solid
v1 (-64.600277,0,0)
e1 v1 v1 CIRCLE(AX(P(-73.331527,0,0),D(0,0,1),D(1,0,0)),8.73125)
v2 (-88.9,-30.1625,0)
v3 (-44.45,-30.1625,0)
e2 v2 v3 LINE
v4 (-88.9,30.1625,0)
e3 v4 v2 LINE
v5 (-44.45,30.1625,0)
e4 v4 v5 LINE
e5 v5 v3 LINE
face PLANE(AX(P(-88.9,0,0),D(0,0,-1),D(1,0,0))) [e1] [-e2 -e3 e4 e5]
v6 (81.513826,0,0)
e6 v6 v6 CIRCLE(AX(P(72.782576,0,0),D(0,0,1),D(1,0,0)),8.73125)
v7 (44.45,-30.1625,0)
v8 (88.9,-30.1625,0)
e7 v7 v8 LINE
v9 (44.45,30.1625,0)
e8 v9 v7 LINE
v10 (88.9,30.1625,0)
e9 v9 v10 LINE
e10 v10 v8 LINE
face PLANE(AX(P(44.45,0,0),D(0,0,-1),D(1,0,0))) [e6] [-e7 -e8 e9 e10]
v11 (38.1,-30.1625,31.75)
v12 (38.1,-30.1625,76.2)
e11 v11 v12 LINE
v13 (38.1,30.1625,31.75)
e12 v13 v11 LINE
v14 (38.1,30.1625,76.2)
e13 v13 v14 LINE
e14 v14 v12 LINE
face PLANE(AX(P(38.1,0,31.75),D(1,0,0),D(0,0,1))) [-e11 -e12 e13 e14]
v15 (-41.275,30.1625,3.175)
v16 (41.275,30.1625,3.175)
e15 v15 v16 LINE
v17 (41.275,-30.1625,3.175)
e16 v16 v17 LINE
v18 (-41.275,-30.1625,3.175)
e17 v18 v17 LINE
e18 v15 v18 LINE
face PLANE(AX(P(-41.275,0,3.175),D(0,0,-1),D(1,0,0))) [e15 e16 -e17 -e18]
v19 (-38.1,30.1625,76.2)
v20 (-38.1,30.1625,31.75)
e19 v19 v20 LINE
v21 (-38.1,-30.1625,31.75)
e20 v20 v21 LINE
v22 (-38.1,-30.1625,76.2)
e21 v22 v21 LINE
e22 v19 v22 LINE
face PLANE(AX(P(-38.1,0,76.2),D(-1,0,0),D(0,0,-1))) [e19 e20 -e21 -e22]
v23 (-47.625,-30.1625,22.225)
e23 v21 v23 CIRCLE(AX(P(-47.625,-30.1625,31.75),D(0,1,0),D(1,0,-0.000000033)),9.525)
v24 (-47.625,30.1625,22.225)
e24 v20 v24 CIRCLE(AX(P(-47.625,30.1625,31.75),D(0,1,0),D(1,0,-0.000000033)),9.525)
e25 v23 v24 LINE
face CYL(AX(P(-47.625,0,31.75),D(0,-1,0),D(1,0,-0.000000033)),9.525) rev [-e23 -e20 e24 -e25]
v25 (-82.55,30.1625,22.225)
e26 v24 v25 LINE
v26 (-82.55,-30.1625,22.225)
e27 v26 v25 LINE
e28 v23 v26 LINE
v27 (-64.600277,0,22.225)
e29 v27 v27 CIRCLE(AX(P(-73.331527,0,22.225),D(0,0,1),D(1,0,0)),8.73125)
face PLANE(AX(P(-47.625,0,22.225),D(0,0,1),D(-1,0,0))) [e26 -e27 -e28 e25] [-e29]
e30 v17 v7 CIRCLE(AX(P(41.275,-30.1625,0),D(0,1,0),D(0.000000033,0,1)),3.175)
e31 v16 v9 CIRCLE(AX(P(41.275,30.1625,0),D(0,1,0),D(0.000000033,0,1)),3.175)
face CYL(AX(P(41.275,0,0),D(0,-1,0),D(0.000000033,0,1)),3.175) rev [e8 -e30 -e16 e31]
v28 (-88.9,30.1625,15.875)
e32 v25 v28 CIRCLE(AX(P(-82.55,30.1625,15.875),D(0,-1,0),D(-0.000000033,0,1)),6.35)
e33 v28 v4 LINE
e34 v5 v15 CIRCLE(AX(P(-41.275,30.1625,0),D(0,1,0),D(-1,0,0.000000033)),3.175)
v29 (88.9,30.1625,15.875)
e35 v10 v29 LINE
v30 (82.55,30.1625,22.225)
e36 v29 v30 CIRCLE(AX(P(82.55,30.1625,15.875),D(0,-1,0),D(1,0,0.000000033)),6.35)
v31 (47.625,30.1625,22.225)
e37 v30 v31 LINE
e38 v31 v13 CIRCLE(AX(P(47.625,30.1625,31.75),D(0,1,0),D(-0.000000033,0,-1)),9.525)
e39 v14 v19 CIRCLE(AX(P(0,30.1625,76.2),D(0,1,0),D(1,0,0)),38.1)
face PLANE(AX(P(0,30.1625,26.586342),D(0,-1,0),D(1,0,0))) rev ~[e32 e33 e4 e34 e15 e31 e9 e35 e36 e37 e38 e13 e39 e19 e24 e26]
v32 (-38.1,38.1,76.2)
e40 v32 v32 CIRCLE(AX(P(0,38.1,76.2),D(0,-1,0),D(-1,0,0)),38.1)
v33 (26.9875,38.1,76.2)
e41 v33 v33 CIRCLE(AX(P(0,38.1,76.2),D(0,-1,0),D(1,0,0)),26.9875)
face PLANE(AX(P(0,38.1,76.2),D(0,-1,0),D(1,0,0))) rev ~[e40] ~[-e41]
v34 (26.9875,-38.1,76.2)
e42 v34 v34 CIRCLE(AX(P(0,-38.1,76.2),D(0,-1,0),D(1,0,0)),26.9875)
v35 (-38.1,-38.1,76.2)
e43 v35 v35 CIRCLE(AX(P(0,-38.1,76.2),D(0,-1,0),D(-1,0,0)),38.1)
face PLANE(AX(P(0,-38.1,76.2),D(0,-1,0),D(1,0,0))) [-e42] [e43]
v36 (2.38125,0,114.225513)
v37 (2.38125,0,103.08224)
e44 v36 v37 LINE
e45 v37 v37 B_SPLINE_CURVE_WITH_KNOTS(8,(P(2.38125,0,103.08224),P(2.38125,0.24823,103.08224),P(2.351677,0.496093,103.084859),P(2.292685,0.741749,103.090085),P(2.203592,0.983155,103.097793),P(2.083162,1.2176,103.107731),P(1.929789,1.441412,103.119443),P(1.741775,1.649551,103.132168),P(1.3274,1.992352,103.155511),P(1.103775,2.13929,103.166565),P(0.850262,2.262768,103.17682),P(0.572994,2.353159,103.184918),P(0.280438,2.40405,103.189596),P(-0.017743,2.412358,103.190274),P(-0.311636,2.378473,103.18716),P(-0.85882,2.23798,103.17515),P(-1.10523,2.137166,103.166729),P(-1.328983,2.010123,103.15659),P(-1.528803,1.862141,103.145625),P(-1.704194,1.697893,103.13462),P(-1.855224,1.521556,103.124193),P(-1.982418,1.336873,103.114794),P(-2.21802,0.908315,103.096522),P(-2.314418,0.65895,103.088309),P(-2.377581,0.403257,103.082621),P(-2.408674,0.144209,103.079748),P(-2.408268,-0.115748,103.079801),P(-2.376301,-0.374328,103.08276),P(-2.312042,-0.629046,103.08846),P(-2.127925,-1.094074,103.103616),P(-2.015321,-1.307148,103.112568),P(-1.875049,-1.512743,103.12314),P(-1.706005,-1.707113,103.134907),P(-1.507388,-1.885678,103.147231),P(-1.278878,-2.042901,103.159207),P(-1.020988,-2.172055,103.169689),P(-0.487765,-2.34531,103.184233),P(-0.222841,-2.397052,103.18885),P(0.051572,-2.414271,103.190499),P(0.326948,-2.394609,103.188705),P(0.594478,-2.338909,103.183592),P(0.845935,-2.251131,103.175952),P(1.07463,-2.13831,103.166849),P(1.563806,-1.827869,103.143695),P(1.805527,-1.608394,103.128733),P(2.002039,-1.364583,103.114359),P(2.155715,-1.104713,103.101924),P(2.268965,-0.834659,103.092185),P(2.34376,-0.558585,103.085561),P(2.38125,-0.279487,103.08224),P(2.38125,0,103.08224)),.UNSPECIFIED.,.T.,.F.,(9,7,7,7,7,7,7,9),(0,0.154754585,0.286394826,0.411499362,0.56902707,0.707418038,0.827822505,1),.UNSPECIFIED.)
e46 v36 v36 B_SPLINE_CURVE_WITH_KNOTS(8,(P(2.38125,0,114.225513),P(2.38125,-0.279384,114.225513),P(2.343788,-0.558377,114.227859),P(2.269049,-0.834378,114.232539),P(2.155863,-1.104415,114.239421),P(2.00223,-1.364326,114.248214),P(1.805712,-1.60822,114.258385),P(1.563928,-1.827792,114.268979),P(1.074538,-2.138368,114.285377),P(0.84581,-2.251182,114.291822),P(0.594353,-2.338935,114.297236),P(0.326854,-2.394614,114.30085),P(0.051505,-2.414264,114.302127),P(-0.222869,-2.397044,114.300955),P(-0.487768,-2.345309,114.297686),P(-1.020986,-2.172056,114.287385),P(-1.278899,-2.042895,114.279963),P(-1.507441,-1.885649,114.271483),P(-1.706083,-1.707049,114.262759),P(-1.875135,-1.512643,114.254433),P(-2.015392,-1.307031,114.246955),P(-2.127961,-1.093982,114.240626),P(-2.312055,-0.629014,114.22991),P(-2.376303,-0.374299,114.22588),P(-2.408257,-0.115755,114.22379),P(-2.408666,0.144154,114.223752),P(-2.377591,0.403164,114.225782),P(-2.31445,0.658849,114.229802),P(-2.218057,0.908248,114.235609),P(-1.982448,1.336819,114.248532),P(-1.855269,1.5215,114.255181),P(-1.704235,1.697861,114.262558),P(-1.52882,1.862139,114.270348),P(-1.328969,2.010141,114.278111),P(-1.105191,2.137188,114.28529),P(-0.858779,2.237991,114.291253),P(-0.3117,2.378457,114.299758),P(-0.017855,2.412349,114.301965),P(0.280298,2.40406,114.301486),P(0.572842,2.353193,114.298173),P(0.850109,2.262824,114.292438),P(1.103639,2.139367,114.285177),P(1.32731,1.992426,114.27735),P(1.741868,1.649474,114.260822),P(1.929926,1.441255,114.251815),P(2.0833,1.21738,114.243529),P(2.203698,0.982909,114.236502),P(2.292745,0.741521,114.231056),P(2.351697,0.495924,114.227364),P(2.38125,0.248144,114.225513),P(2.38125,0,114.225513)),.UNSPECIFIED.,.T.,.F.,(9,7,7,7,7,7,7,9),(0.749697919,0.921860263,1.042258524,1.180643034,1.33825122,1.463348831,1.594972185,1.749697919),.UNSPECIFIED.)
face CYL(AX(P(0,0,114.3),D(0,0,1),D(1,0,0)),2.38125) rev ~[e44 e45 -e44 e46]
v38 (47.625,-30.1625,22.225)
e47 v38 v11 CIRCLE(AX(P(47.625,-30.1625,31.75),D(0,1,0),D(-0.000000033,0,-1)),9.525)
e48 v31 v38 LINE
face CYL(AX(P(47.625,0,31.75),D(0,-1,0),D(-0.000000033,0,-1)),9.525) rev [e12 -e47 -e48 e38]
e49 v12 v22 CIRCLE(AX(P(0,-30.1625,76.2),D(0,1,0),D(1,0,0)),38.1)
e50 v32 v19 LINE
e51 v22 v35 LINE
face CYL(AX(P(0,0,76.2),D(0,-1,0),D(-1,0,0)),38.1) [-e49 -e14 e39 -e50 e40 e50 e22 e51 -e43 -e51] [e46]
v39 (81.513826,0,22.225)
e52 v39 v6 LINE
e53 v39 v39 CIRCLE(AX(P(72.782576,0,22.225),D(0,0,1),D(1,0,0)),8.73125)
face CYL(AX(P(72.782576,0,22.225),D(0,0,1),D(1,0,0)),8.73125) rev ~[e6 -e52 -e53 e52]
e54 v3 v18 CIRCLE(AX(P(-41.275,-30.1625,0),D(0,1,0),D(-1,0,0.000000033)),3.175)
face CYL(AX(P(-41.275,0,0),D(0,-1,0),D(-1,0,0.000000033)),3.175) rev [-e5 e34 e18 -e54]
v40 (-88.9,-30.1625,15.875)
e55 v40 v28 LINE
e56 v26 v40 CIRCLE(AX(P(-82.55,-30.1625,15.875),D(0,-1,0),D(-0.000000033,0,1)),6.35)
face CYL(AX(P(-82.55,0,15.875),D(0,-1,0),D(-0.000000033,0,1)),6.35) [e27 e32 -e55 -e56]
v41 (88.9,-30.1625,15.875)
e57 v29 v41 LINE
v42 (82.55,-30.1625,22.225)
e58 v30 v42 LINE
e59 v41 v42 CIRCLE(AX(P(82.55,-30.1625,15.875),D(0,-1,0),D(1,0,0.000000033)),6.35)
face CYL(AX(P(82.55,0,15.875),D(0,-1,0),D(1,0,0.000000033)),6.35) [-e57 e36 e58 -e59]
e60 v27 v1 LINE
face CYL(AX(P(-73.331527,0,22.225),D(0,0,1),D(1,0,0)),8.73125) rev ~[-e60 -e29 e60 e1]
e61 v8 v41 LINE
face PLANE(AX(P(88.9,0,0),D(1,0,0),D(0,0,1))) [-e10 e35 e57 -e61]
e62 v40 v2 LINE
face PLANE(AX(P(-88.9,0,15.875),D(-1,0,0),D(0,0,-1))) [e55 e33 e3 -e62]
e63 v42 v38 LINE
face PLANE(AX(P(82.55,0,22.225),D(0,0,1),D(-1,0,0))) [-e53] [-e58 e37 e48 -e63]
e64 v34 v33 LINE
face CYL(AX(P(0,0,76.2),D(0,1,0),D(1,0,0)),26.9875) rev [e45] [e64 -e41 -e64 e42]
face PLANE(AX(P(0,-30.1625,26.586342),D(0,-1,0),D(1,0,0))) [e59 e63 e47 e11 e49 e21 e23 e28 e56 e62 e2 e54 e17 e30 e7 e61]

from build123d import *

# Parameters (mm, degrees)
F1_DEPTH = 30.1625
F0_R     = 26.9875
F2_DEPTH = 38.1
F3_R     = 8.73125
F4_DEPTH = 25.4
F5_R     = 8.73125
F6_DEPTH = 25.4
F8_R     = 2.38125
F9_DEPTH = 25.4


with BuildPart() as f1:
    # F0 (on Front) → F1 (new body, symmetric)
    with BuildSketch(Plane.XZ):
        with BuildLine():
            Line((-88.9, 15.875), (-88.9, 0))
            Line((-88.9, 0), (-44.45, 0))
            ThreePointArc((-44.45, 0), (-43.520064, 2.245064), (-41.275, 3.175))
            Line((-41.275, 3.175), (41.275, 3.175))
            ThreePointArc((41.275, 3.175), (43.520064, 2.245064), (44.45, 0))
            Line((44.45, 0), (88.9, 0))
            Line((88.9, 0), (88.9, 15.875))
            ThreePointArc((88.9, 15.875), (87.040128, 20.365128), (82.55, 22.225))
            Line((82.55, 22.225), (47.625, 22.225))
            ThreePointArc((47.625, 22.225), (40.889808, 25.014808), (38.1, 31.75))
            Line((38.1, 31.75), (38.1, 76.2))
            ThreePointArc((38.1, 76.2), (0, 38.1), (-38.1, 76.2))
            Line((-38.1, 76.2), (-38.1, 31.75))
            ThreePointArc((-38.1, 31.75), (-40.889808, 25.014808), (-47.625, 22.225))
            Line((-47.625, 22.225), (-82.55, 22.225))
            ThreePointArc((-82.55, 22.225), (-87.040128, 20.365128), (-88.9, 15.875))
        make_face()
    extrude(amount=F1_DEPTH, both=True)

    # F0 (on Front) → F2 (join, symmetric)
    with BuildSketch(Plane.XZ):
        with BuildLine():
            ThreePointArc((38.1, 76.2), (0, 114.3), (-38.1, 76.2))
            ThreePointArc((-38.1, 76.2), (0, 38.1), (38.1, 76.2))
        make_face()
        with Locations((0, 76.2)):
            Circle(F0_R, mode=Mode.SUBTRACT)
    extrude(amount=F2_DEPTH, both=True)

    # F3 (on face) → F4 (cut)
    with BuildSketch(Plane.XY.offset(22.225)):
        with Locations((72.782576, 0)):
            Circle(F3_R)
    extrude(amount=-F4_DEPTH, mode=Mode.SUBTRACT)

    # F5 (on face) → F6 (cut)
    with BuildSketch(Plane.XY.offset(22.225)):
        with Locations((-73.331527, 0)):
            Circle(F5_R)
    extrude(amount=-F6_DEPTH, mode=Mode.SUBTRACT)

    # F8 (on offset) → F9 (cut)
    with BuildSketch(Plane.XY.offset(114.3)):
        Circle(F8_R)
    extrude(amount=-F9_DEPTH, mode=Mode.SUBTRACT)


solid = f1.part
